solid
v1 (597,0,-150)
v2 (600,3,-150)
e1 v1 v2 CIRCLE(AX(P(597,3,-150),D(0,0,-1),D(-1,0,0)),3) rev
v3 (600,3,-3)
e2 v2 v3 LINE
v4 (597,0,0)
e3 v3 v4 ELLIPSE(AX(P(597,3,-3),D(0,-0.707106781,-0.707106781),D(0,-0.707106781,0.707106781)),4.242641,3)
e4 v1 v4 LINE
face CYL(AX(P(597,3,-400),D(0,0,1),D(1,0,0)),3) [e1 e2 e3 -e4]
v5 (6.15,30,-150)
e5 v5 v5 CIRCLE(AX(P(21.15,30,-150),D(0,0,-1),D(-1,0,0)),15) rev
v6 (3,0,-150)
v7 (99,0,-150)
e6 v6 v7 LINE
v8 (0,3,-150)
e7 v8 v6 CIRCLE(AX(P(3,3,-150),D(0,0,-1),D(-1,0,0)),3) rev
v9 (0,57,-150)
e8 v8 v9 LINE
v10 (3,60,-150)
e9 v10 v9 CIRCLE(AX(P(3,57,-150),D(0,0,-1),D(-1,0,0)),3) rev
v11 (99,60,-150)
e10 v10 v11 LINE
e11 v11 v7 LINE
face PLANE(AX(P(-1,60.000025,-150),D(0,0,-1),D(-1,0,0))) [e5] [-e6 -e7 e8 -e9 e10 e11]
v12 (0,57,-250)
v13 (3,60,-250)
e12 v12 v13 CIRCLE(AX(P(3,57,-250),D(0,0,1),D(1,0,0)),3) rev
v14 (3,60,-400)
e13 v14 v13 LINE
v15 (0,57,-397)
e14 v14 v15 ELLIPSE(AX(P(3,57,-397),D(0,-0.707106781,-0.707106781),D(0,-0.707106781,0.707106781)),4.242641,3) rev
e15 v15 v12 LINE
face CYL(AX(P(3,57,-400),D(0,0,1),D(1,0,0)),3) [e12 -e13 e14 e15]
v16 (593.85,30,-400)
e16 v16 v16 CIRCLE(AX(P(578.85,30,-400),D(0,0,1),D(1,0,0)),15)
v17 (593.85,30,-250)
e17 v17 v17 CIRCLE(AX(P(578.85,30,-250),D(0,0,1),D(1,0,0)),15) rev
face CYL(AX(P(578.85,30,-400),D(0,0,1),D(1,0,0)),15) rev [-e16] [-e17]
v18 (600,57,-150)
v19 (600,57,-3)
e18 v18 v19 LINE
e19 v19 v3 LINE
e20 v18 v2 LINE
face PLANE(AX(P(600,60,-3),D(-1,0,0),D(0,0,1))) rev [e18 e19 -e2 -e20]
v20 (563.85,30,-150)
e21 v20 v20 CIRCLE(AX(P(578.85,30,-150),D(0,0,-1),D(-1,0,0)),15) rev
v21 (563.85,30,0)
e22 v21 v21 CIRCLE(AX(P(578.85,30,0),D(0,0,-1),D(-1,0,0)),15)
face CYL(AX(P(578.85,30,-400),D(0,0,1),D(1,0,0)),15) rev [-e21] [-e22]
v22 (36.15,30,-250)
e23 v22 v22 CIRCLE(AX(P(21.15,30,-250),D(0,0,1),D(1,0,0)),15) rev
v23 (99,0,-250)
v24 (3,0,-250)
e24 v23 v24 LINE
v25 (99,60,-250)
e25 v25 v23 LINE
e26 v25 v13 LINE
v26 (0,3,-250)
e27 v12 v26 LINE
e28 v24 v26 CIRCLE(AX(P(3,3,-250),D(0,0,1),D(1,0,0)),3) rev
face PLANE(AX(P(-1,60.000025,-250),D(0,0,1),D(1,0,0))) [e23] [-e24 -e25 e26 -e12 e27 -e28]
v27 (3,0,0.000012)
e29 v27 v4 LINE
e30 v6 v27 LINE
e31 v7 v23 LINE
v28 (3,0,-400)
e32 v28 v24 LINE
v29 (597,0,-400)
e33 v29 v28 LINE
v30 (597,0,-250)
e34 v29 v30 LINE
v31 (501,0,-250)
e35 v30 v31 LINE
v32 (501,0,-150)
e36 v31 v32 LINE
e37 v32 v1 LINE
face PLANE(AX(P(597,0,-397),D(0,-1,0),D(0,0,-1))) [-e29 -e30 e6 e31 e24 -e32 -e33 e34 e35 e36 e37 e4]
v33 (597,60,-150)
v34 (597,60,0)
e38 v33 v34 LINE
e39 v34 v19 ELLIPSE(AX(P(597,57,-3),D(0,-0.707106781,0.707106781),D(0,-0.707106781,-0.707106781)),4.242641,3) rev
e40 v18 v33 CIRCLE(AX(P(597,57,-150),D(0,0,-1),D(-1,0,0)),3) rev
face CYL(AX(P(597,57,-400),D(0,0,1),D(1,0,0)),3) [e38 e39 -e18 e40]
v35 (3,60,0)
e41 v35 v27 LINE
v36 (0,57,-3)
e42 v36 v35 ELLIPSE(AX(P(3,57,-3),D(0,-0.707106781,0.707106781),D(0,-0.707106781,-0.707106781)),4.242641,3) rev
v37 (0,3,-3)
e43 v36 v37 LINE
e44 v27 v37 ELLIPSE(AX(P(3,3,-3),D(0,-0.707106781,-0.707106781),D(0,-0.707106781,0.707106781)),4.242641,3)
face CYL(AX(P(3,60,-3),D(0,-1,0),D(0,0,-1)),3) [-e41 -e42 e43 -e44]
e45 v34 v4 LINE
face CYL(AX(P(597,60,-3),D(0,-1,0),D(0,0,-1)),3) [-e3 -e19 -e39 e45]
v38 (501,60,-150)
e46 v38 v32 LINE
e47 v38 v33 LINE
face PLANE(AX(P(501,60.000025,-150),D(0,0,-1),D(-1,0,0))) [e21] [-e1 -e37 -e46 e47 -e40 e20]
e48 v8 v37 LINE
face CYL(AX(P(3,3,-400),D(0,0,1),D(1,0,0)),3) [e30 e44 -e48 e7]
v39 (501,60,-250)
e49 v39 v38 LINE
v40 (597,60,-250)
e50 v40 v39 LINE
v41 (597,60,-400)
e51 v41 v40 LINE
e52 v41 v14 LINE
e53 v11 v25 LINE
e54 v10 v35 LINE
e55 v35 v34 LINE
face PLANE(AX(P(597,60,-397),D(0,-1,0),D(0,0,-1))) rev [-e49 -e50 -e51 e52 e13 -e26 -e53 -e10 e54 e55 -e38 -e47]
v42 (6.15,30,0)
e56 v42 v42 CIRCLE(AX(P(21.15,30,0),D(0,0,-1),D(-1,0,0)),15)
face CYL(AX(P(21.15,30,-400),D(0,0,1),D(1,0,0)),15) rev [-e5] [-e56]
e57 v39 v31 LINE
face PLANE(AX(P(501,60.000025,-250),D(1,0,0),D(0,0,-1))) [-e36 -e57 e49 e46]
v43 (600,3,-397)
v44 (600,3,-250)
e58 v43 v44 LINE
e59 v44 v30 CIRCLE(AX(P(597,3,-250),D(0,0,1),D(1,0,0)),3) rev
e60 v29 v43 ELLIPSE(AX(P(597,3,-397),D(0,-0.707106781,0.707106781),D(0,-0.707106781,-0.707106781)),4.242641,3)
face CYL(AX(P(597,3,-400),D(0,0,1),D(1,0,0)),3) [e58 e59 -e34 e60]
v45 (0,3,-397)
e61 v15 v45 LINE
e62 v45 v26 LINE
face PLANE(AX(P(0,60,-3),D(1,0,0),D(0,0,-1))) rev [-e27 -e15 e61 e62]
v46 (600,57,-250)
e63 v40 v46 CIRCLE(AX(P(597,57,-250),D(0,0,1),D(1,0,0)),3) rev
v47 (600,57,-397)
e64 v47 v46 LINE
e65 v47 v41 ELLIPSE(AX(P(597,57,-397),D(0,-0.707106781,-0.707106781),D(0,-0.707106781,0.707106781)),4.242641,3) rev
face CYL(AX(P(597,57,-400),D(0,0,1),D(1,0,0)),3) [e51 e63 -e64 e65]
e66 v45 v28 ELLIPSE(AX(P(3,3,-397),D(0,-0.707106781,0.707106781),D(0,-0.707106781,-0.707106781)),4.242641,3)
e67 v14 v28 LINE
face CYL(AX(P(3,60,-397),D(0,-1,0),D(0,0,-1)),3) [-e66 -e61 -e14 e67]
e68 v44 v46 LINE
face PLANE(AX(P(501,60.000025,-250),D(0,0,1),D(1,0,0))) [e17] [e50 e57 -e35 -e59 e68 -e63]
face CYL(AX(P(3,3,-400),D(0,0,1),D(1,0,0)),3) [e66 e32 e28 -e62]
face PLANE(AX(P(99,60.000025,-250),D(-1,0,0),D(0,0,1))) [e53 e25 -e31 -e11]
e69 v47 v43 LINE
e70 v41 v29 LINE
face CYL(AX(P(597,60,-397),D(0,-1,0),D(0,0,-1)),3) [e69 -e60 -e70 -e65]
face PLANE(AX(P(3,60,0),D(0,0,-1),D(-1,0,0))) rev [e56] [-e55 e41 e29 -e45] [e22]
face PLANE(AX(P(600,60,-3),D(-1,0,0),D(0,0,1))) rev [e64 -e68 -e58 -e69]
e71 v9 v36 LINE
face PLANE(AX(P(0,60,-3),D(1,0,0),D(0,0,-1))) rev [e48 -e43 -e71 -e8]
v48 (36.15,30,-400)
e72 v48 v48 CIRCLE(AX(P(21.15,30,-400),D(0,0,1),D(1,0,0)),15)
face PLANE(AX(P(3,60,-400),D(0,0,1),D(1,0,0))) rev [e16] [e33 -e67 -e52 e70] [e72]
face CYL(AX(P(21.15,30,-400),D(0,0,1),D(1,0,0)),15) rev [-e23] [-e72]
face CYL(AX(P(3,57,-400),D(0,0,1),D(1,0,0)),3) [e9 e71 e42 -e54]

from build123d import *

# Parameters (mm, degrees)
ESTRUSIONE_ESTRUSIONE1_DEPTH  = 60
TAGLIO_ESTRUSIONE2_DEPTH      = 724.602100605
TAGLIO_ESTRUSIONE2_DEPTH_BACK = 724.602100605
SCHIZZO3_OUTSIDE_W            = 746.72
SCHIZZO3_OUTSIDE_H            = 206.72
SCHIZZO3_OUTSIDE_R            = 15
SCHIZZO4_W                    = 100
SCHIZZO4_H                    = 100
TAGLIO_ESTRUSIONE3_DEPTH      = 724.602100605


with BuildPart() as part:
    # Schizzo1 → Estrusione-Estrusione1 (new body)
    with BuildSketch(Plane(origin=(0, 0, 0), x_dir=(1, 0, 0), z_dir=(0, 1, 0))):
        with BuildLine():
            Line((3, 0), (597, 0))
            ThreePointArc((597, 0), (599.121320344, 0.878679656), (600, 3))
            Line((600, 3), (600, 397))
            ThreePointArc((600, 397), (599.121320344, 399.121320344), (597, 400))
            Line((597, 400), (3, 400))
            ThreePointArc((3, 400), (0.878679656, 399.121320344), (0, 397))
            Line((0, 397), (0, 3))
            ThreePointArc((0, 3), (0.878679656, 0.878679656), (3, 0))
        make_face()
    extrude(amount=ESTRUSIONE_ESTRUSIONE1_DEPTH)

    # Schizzo3 outside → Taglio-Estrusione2 (cut, two sides: drawn at the far end of the back side and taken through both)
    # profile 1 of 3: a face of its own
    with BuildSketch(Plane.XY.offset(-TAGLIO_ESTRUSIONE2_DEPTH_BACK)):
        with Locations((300, 30)):
            Rectangle(SCHIZZO3_OUTSIDE_W, SCHIZZO3_OUTSIDE_H)
        with BuildLine():
            Line((3, 60), (597, 60))
            ThreePointArc((597, 60), (599.121320344, 59.121320344), (600, 57))
            Line((600, 57), (600, 3))
            ThreePointArc((600, 3), (599.121320344, 0.878679656), (597, 0))
            Line((597, 0), (3, 0))
            ThreePointArc((3, 0), (0.878679656, 0.878679656), (0, 3))
            Line((0, 3), (0, 57))
            ThreePointArc((0, 57), (0.878679656, 59.121320344), (3, 60))
        make_face(mode=Mode.SUBTRACT)
    # profile 2 of 3: a face of its own
    with BuildSketch(Plane.XY.offset(-TAGLIO_ESTRUSIONE2_DEPTH_BACK)):
        with Locations((21.15, 30)):
            Circle(SCHIZZO3_OUTSIDE_R)
    # profile 3 of 3: a face of its own
    with BuildSketch(Plane.XY.offset(-TAGLIO_ESTRUSIONE2_DEPTH_BACK)):
        with Locations((578.85, 30)):
            Circle(SCHIZZO3_OUTSIDE_R)
    extrude(amount=TAGLIO_ESTRUSIONE2_DEPTH + TAGLIO_ESTRUSIONE2_DEPTH_BACK, mode=Mode.SUBTRACT)

    # Schizzo4 → Taglio-Estrusione3 (cut, through all)
    with BuildSketch(Plane(origin=(0, 0, 0), x_dir=(1, 0, 0), z_dir=(0, 1, 0))):
        with Locations((49, 200)):
            Rectangle(SCHIZZO4_W, SCHIZZO4_H)
        with Locations((551, 200)):
            Rectangle(SCHIZZO4_W, SCHIZZO4_H)
    extrude(amount=TAGLIO_ESTRUSIONE3_DEPTH, mode=Mode.SUBTRACT)


solid = part.part
